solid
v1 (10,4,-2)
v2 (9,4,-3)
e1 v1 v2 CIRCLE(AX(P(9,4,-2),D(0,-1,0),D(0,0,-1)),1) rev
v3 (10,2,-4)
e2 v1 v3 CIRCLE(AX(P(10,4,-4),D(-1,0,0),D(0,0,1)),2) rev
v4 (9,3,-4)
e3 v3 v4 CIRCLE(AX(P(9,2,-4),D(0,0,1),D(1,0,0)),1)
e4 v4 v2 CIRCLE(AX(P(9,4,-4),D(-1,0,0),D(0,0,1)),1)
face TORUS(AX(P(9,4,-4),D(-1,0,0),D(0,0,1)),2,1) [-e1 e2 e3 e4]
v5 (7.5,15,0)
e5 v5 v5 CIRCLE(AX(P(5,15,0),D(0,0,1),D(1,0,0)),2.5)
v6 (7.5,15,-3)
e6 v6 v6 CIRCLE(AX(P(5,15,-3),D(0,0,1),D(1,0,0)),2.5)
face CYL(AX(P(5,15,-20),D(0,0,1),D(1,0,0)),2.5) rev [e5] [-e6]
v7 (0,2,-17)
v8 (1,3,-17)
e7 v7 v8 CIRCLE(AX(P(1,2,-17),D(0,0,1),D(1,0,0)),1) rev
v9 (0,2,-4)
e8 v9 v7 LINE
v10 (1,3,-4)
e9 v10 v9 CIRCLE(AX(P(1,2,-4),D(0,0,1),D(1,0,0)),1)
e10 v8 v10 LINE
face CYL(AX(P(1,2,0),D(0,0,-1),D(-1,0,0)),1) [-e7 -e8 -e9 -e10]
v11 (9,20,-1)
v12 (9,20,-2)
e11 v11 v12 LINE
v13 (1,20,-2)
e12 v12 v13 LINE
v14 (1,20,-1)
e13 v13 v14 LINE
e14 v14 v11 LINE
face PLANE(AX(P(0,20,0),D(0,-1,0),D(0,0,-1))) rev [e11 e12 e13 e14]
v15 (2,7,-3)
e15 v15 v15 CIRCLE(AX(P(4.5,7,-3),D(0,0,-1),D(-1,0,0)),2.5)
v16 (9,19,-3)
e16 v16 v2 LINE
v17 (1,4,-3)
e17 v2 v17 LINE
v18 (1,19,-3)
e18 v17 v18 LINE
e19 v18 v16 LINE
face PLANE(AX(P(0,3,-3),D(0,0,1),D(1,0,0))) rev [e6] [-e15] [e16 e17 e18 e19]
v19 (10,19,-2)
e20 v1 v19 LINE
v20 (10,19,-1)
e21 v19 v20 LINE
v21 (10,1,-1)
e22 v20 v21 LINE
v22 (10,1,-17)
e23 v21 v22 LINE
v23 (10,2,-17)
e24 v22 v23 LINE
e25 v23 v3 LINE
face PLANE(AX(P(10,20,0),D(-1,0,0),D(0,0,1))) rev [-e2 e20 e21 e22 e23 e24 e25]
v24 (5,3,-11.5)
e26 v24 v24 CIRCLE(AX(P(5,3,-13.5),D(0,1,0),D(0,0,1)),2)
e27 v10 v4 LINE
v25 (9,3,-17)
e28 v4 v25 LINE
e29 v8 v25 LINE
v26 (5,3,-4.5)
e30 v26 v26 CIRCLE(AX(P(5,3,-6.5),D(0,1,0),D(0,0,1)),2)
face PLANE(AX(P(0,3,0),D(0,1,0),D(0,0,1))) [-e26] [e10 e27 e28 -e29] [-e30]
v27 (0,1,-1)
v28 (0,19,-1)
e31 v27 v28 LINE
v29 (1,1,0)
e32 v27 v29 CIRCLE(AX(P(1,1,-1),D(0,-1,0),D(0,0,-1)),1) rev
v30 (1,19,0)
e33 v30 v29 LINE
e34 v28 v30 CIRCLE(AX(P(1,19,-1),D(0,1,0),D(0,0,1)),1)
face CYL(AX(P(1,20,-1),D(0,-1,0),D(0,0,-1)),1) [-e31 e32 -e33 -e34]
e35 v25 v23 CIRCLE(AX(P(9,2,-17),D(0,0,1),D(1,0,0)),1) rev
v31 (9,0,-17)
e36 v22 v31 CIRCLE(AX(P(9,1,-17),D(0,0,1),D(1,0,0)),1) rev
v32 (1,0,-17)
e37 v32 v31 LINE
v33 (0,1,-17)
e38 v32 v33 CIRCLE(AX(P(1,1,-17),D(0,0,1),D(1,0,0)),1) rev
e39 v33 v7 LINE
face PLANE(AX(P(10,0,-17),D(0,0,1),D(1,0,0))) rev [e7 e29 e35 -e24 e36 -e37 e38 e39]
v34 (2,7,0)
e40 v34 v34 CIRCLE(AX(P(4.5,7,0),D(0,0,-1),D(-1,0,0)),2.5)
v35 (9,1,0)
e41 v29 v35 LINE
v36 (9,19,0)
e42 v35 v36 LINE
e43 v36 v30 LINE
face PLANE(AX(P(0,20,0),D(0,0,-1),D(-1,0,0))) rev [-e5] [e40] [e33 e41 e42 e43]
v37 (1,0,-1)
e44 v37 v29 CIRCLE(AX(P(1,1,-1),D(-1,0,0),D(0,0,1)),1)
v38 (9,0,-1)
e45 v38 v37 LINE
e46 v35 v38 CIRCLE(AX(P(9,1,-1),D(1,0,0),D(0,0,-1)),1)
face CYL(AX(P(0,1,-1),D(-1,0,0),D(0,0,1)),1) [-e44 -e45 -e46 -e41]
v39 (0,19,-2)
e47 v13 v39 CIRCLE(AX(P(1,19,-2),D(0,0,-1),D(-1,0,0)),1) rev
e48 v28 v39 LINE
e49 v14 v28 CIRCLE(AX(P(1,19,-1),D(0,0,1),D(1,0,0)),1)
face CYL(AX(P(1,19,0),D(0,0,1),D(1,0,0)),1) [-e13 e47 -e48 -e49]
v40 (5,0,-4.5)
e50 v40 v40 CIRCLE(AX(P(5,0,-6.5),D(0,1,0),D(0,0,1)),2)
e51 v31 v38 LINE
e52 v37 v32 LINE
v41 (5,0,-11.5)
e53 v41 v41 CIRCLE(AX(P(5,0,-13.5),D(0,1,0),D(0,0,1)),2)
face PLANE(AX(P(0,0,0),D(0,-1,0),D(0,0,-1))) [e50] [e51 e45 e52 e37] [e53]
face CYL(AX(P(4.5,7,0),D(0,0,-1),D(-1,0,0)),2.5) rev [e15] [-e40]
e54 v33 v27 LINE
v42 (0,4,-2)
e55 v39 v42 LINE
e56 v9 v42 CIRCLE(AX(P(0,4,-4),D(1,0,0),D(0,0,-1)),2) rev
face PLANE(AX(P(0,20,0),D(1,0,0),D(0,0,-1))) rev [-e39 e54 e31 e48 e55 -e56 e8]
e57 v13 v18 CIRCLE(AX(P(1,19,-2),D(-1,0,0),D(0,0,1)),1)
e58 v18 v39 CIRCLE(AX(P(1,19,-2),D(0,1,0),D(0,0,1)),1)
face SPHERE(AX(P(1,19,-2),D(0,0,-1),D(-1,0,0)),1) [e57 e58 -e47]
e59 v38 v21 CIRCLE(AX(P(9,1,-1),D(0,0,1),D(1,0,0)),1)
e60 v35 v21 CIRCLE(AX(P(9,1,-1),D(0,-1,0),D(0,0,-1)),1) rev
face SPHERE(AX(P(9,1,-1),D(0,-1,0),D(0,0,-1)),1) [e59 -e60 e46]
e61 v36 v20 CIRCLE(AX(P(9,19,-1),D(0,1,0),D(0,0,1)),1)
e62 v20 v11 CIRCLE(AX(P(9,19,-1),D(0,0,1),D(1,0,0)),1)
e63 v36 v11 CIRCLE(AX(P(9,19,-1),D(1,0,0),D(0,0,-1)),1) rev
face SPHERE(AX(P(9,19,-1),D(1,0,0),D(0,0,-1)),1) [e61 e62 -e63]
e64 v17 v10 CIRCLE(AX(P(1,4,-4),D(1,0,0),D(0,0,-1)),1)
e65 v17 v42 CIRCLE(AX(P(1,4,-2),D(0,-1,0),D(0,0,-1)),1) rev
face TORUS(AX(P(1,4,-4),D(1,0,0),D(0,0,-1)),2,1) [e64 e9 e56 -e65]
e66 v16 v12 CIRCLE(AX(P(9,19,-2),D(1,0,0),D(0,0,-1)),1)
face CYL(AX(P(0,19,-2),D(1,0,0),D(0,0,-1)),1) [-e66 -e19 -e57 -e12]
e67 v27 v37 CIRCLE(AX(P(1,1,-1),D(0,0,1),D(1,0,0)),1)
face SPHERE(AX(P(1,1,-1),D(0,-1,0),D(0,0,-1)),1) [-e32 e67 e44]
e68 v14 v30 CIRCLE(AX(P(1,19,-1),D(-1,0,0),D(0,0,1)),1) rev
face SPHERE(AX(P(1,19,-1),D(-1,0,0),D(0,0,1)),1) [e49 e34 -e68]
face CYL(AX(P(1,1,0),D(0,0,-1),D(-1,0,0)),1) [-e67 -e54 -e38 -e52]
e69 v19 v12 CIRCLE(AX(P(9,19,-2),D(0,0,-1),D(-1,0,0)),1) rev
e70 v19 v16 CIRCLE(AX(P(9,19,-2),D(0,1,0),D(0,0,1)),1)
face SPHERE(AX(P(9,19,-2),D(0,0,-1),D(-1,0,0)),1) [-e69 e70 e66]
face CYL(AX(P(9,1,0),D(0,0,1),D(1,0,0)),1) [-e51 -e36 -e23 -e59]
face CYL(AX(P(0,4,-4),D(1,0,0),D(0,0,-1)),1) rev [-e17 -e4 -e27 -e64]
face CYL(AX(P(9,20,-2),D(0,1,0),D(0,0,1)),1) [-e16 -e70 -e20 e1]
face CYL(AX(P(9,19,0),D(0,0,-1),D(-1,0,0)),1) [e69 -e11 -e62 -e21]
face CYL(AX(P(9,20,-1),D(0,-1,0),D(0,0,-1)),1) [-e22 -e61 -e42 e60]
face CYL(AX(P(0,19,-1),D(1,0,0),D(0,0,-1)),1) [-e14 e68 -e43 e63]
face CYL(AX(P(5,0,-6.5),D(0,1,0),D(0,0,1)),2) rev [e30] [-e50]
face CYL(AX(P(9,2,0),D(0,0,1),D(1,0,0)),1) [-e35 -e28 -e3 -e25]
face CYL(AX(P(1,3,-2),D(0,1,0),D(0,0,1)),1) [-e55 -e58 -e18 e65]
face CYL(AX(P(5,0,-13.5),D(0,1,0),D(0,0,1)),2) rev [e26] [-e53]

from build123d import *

# Parameters (mm, degrees)
SKETCH1_W           = 10
SKETCH1_H           = 20
BOSS_EXTRUDE1_DEPTH = 20
SKETCH2_W           = 10
SKETCH2_H           = 17
CUT_EXTRUDE1_DEPTH  = 17
SKETCH3_R           = 2.5
CUT_EXTRUDE2_DEPTH  = 21
SKETCH4_W           = 10
SKETCH4_H           = 3
CUT_EXTRUDE3_DEPTH  = 4
SKETCH5_R           = 2
CUT_EXTRUDE4_DEPTH  = 4
FILLET1_R           = 1
SKETCH6_R           = 2.5
CUT_EXTRUDE5_DEPTH  = 4


with BuildPart() as part:
    # Sketch1 → Boss-Extrude1 (new body)
    with BuildSketch(Plane(origin=(0, 0, 0), x_dir=(1, 0, 0), z_dir=(0, 1, 0))):
        with Locations((5, 10)):
            Rectangle(SKETCH1_W, SKETCH1_H)
    extrude(amount=BOSS_EXTRUDE1_DEPTH)

    # Sketch2 → Cut-Extrude1 (cut)
    with BuildSketch(Plane(origin=(0, 20, 0), x_dir=(1, 0, 0), z_dir=(0, 1, 0))):
        with Locations((5, 11.5)):
            Rectangle(SKETCH2_W, SKETCH2_H)
    extrude(amount=-CUT_EXTRUDE1_DEPTH, mode=Mode.SUBTRACT)

    # Sketch3 → Cut-Extrude2 (cut, through all)
    with BuildSketch(Plane.XY):
        with Locations((5, 15)):
            Circle(SKETCH3_R)
    extrude(amount=-CUT_EXTRUDE2_DEPTH, mode=Mode.SUBTRACT)

    # Sketch4 → Cut-Extrude3 (cut, through all)
    with BuildSketch(Plane(origin=(0, 3, 0), x_dir=(1, 0, 0), z_dir=(0, 1, 0))):
        with Locations((5, 18.5)):
            Rectangle(SKETCH4_W, SKETCH4_H)
    extrude(amount=-CUT_EXTRUDE3_DEPTH, mode=Mode.SUBTRACT)

    # Sketch5 → Cut-Extrude4 (cut, through all)
    with BuildSketch(Plane(origin=(0, 3, 0), x_dir=(1, 0, 0), z_dir=(0, 1, 0))):
        with Locations((5, 6.5)):
            Circle(SKETCH5_R)
        with Locations((5, 13.5)):
            Circle(SKETCH5_R)
    extrude(amount=-CUT_EXTRUDE4_DEPTH, mode=Mode.SUBTRACT)

    # Fillet1
    fillet1_edges = [part.edges().sort_by_distance(p)[0] for p in [
        (10, 20, -1.5),
        (0, 20, -1.5),
        (0, 11.5, -3),
        (10, 3, -10),
        (5, 3, -3),
        (10, 11.5, -3),
        (5, 20, -3),
        (0, 3, -10),
        (0, 0, -8.5),
        (10, 0, -8.5),
        (5, 0, 0),
        (10, 10, 0),
        (0, 10, 0),
        (5, 20, 0),
    ]]
    fillet(fillet1_edges, radius=FILLET1_R)

    # Sketch6 → Cut-Extrude5 (cut, through all)
    with BuildSketch(Plane(origin=(0, 0, -3), x_dir=(-1, 0, 0), z_dir=(0, 0, -1))):
        with Locations((-4.5, 7)):
            Circle(SKETCH6_R)
    extrude(amount=-CUT_EXTRUDE5_DEPTH, mode=Mode.SUBTRACT)


solid = part.part
